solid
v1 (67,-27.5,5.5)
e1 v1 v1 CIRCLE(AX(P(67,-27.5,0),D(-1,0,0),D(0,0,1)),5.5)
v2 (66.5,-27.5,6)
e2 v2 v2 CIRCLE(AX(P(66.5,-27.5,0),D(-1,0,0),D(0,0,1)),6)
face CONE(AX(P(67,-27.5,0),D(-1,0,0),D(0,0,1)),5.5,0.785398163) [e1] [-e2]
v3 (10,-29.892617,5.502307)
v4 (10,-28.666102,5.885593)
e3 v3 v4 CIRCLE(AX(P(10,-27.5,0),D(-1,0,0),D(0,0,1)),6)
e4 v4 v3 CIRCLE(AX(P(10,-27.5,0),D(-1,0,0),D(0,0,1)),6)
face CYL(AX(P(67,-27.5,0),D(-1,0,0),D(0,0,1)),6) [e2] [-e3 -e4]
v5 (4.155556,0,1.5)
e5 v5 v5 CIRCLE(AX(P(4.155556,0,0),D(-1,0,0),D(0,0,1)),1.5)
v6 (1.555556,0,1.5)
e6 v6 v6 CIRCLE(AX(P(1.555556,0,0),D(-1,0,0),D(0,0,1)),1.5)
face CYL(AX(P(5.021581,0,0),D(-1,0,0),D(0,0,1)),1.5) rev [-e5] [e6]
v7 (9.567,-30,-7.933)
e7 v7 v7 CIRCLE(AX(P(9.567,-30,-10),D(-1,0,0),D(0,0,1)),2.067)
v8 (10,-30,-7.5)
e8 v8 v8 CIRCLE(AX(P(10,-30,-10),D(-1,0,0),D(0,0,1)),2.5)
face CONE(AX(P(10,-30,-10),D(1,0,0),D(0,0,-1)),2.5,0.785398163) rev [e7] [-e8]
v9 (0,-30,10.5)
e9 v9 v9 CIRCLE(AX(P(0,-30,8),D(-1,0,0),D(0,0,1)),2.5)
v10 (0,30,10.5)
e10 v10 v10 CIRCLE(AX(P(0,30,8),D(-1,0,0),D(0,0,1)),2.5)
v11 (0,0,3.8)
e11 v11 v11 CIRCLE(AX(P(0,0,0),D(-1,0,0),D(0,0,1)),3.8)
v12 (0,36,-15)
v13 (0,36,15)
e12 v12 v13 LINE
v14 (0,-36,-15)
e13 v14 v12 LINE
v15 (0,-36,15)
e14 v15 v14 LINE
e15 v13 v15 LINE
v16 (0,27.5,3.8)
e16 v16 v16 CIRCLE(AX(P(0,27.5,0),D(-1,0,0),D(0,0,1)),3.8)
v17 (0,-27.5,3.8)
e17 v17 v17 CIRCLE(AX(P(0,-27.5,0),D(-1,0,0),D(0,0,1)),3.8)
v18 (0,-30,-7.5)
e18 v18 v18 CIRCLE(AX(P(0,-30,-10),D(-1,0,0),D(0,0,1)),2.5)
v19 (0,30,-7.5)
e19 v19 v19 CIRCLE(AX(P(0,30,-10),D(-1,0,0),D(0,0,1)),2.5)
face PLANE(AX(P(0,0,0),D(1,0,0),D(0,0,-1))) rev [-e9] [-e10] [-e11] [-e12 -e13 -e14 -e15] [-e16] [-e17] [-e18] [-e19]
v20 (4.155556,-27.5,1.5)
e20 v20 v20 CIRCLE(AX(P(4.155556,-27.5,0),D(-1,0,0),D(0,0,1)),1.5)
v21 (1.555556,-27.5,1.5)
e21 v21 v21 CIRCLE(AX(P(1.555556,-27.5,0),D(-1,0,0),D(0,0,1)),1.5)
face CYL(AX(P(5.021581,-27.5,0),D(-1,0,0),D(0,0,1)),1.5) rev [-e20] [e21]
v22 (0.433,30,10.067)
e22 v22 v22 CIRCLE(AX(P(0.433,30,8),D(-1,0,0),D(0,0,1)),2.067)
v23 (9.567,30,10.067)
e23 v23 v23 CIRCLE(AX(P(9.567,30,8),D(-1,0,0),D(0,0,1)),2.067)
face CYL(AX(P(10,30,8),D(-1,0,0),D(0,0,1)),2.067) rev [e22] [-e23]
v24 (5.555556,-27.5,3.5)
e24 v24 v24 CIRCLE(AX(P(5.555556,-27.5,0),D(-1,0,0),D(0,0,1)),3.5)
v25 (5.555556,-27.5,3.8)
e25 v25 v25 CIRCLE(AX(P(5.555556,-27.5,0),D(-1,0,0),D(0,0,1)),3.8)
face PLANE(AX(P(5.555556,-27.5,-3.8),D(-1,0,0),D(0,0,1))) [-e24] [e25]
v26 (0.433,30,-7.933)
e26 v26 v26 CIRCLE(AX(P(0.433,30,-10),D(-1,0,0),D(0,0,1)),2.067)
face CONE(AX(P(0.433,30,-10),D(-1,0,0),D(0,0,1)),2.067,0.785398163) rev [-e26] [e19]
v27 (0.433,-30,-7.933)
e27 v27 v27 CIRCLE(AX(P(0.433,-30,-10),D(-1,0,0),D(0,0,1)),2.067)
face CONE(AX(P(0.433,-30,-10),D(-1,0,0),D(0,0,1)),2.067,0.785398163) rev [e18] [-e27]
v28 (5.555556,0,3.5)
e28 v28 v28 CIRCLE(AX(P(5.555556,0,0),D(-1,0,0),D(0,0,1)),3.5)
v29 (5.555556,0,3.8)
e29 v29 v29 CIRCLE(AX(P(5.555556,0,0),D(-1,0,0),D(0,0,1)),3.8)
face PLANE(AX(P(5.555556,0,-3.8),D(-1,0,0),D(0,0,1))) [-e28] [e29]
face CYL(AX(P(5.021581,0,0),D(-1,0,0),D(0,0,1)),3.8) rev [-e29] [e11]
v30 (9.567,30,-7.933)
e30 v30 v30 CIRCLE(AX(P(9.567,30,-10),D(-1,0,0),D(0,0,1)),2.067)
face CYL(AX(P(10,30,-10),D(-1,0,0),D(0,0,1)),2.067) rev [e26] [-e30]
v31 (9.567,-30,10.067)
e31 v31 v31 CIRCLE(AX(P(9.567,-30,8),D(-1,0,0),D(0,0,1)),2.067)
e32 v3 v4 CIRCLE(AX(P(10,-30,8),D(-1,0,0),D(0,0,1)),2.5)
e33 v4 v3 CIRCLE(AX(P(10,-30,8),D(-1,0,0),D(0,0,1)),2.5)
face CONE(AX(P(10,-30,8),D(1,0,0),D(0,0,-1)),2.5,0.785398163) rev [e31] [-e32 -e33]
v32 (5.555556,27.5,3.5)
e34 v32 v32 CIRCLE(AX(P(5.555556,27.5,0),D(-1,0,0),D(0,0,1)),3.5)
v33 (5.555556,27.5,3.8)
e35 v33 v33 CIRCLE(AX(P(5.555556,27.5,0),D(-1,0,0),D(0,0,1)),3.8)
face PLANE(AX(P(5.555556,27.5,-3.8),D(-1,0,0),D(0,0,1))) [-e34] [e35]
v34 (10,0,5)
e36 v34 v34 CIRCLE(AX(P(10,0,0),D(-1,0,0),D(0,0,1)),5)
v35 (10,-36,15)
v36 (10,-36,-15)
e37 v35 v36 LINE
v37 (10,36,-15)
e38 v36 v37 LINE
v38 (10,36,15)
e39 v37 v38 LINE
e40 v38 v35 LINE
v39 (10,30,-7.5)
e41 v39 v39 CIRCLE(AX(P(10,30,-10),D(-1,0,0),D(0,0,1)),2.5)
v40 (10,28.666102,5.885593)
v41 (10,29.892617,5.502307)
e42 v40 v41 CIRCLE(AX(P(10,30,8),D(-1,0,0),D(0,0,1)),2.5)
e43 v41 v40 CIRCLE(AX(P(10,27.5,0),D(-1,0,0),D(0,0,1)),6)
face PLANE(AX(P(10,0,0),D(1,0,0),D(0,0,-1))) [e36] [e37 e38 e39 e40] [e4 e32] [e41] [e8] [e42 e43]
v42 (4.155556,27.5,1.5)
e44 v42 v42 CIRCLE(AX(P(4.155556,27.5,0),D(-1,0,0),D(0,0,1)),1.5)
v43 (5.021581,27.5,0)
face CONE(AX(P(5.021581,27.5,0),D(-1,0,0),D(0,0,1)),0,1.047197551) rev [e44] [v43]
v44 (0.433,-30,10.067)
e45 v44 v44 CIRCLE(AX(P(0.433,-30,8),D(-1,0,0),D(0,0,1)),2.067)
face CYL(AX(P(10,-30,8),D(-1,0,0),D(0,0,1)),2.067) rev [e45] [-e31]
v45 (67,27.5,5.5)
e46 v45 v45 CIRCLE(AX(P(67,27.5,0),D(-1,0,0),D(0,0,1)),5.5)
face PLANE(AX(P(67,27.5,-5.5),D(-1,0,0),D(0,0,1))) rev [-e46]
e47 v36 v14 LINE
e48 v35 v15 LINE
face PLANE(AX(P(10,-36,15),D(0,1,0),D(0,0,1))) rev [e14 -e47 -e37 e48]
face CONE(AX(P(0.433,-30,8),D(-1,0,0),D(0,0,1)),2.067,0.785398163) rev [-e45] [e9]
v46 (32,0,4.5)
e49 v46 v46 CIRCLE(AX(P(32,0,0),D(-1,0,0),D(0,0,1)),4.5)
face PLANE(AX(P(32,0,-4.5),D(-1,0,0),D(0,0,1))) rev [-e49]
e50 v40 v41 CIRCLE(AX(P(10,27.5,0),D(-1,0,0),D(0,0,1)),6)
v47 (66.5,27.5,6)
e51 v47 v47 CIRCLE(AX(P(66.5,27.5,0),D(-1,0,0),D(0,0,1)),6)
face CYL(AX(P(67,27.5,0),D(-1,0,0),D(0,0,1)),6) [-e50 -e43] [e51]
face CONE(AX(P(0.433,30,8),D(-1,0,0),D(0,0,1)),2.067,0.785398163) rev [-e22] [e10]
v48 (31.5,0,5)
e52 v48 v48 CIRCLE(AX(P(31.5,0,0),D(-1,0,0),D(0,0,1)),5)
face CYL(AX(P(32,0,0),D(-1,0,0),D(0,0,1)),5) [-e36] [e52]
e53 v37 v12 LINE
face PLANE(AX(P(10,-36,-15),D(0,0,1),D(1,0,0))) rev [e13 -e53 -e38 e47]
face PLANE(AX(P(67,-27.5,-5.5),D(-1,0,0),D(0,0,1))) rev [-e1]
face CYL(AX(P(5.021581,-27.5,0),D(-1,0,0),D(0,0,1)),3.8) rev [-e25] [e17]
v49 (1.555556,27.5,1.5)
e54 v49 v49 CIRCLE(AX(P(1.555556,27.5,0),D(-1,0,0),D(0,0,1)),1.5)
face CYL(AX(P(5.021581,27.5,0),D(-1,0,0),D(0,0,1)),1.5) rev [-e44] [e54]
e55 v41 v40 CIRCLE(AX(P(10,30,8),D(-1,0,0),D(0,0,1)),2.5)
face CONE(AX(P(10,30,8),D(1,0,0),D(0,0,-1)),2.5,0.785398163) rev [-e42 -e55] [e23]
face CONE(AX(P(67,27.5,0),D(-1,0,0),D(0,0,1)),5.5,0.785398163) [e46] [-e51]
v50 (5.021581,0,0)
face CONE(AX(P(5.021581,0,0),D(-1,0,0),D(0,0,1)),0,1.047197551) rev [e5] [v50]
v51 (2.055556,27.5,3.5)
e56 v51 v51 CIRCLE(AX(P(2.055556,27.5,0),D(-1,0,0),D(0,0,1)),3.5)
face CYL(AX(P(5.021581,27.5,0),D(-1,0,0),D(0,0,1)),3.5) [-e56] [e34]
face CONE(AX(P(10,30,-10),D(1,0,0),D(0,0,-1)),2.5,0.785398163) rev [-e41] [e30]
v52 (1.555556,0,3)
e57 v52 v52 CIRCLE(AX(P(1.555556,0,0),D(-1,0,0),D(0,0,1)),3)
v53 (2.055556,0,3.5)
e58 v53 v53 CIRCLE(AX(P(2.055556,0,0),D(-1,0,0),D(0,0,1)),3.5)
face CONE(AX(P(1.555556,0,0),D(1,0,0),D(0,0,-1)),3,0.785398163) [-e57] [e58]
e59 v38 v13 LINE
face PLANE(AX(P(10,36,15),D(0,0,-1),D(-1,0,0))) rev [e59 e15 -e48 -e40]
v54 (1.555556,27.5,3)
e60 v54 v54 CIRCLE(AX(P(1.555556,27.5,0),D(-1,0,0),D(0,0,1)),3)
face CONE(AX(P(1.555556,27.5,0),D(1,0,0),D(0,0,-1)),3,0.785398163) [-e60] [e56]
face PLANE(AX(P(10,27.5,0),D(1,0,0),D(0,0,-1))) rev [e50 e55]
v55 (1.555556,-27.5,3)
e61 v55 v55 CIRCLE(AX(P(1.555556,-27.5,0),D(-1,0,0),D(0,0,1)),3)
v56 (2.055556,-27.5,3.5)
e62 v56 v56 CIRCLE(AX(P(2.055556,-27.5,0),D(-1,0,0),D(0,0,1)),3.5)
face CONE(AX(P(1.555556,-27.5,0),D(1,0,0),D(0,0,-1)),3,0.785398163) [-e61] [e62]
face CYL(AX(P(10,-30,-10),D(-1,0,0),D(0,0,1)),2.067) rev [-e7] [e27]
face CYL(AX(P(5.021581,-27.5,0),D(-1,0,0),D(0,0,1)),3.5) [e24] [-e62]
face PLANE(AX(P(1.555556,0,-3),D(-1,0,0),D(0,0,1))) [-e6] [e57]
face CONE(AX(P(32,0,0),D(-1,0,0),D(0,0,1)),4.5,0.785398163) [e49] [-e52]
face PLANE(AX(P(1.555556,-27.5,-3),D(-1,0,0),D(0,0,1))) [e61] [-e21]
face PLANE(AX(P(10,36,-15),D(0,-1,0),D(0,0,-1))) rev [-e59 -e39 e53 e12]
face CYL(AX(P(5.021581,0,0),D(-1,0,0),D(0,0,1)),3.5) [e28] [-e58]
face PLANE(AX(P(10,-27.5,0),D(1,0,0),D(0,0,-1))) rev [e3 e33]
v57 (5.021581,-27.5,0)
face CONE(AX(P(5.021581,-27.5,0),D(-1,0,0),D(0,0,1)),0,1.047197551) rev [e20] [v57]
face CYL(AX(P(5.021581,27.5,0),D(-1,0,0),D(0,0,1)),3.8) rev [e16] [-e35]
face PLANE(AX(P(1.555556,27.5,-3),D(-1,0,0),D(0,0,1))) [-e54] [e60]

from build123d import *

# Parameters (mm, degrees)
SKETCH_1_W                  = 30
SKETCH_1_H                  = 72
EXTRUDE_1_DEPTH             = 10
PATTERN_LINEAR_1_COUNT      = 2
PATTERN_LINEAR_1_PITCH      = 18
PATTERN_LINEAR_1_COUNT_DIR2 = 2
PATTERN_LINEAR_1_PITCH_DIR2 = 60


with BuildPart() as part:
    # 草图1 → 凸台-拉伸1 (new body)
    with BuildSketch(Plane(origin=(0, 0, 0), x_dir=(0, 0, -1), z_dir=(1, 0, 0))):
        Rectangle(SKETCH_1_W, SKETCH_1_H)
    extrude(amount=EXTRUDE_1_DEPTH)

    # 草图2 → 切除-旋转1 (revolve, cut)
    with BuildSketch(Plane(origin=(0, 30, 0), x_dir=(1, 0, 0), z_dir=(0, 1, 0))):
        Polygon((0, 10), (0, 12.5), (0.433, 12.067), (9.567, 12.067), (10, 12.5), (10, 10), align=None)
    cut_revolve_1 = revolve(axis=Axis((10, 30, -10), (-1, 0, 0)), mode=Mode.SUBTRACT)

    # 阵列(线性)1: Cut-Revolve 1 2 × 2
    with Locations(*[(0, -j * PATTERN_LINEAR_1_PITCH_DIR2, i * PATTERN_LINEAR_1_PITCH) for i in range(PATTERN_LINEAR_1_COUNT) for j in range(PATTERN_LINEAR_1_COUNT_DIR2) if (i, j) != (0, 0)]):
        add(cut_revolve_1, mode=Mode.SUBTRACT)

    # 草图4 → 切除-旋转2 (revolve, cut)
    with BuildSketch(Plane(origin=(0, 27.5, 0), x_dir=(1, 0, 0), z_dir=(0, 1, 0))):
        Polygon((0, 0), (0, 3.8), (5.555555556, 3.8), (5.555555556, 3.5), (2.055555556, 3.5), (1.555555556, 3), (1.555555556, 1.5), (4.155555556, 1.5), (5.021580959, 0), align=None)
    revolve(axis=Axis((5.021580959, 27.5, 0), (-1, 0, 0)), mode=Mode.SUBTRACT)

    # 草图5 → 切除-旋转3 (revolve, cut)
    with BuildSketch(Plane(origin=(0, 0, 0), x_dir=(1, 0, 0), z_dir=(0, 1, 0))):
        Polygon((0, 0), (0, 3.8), (5.555555556, 3.8), (5.555555556, 3.5), (2.055555556, 3.5), (1.555555556, 3), (1.555555556, 1.5), (4.155555556, 1.5), (5.021580959, 0), align=None)
    revolve(axis=Axis((5.021580959, 0, 0), (-1, 0, 0)), mode=Mode.SUBTRACT)

    # 草图6 → 切除-旋转4 (revolve, cut)
    with BuildSketch(Plane(origin=(0, -27.5, 0), x_dir=(1, 0, 0), z_dir=(0, 1, 0))):
        Polygon((0, 0), (0, 3.8), (5.555555556, 3.8), (5.555555556, 3.5), (2.055555556, 3.5), (1.555555556, 3), (1.555555556, 1.5), (4.155555556, 1.5), (5.021580959, 0), align=None)
    revolve(axis=Axis((5.021580959, -27.5, 0), (-1, 0, 0)), mode=Mode.SUBTRACT)

    # 草图7 → 旋转1 (revolve)
    with BuildSketch(Plane(origin=(0, 0, 0), x_dir=(1, 0, 0), z_dir=(0, 1, 0))):
        Polygon((10, 0), (10, 5), (31.5, 5), (32, 4.5), (32, 0), align=None)
    revolve(axis=Axis((32, 0, 0), (-1, 0, 0)))

    # 草图8 → 旋转2 (revolve)
    with BuildSketch(Plane(origin=(0, -27.5, 0), x_dir=(1, 0, 0), z_dir=(0, 1, 0))):
        Polygon((10, 0), (10, 6), (66.5, 6), (67, 5.5), (67, 0), align=None)
    revolve(axis=Axis((67, -27.5, 0), (-1, 0, 0)))

    # 草图9 → 旋转3 (revolve)
    with BuildSketch(Plane(origin=(0, 27.5, 0), x_dir=(1, 0, 0), z_dir=(0, 1, 0))):
        Polygon((10, 0), (10, 6), (66.5, 6), (67, 5.5), (67, 0), align=None)
    revolve(axis=Axis((67, 27.5, 0), (-1, 0, 0)))


solid = part.part
